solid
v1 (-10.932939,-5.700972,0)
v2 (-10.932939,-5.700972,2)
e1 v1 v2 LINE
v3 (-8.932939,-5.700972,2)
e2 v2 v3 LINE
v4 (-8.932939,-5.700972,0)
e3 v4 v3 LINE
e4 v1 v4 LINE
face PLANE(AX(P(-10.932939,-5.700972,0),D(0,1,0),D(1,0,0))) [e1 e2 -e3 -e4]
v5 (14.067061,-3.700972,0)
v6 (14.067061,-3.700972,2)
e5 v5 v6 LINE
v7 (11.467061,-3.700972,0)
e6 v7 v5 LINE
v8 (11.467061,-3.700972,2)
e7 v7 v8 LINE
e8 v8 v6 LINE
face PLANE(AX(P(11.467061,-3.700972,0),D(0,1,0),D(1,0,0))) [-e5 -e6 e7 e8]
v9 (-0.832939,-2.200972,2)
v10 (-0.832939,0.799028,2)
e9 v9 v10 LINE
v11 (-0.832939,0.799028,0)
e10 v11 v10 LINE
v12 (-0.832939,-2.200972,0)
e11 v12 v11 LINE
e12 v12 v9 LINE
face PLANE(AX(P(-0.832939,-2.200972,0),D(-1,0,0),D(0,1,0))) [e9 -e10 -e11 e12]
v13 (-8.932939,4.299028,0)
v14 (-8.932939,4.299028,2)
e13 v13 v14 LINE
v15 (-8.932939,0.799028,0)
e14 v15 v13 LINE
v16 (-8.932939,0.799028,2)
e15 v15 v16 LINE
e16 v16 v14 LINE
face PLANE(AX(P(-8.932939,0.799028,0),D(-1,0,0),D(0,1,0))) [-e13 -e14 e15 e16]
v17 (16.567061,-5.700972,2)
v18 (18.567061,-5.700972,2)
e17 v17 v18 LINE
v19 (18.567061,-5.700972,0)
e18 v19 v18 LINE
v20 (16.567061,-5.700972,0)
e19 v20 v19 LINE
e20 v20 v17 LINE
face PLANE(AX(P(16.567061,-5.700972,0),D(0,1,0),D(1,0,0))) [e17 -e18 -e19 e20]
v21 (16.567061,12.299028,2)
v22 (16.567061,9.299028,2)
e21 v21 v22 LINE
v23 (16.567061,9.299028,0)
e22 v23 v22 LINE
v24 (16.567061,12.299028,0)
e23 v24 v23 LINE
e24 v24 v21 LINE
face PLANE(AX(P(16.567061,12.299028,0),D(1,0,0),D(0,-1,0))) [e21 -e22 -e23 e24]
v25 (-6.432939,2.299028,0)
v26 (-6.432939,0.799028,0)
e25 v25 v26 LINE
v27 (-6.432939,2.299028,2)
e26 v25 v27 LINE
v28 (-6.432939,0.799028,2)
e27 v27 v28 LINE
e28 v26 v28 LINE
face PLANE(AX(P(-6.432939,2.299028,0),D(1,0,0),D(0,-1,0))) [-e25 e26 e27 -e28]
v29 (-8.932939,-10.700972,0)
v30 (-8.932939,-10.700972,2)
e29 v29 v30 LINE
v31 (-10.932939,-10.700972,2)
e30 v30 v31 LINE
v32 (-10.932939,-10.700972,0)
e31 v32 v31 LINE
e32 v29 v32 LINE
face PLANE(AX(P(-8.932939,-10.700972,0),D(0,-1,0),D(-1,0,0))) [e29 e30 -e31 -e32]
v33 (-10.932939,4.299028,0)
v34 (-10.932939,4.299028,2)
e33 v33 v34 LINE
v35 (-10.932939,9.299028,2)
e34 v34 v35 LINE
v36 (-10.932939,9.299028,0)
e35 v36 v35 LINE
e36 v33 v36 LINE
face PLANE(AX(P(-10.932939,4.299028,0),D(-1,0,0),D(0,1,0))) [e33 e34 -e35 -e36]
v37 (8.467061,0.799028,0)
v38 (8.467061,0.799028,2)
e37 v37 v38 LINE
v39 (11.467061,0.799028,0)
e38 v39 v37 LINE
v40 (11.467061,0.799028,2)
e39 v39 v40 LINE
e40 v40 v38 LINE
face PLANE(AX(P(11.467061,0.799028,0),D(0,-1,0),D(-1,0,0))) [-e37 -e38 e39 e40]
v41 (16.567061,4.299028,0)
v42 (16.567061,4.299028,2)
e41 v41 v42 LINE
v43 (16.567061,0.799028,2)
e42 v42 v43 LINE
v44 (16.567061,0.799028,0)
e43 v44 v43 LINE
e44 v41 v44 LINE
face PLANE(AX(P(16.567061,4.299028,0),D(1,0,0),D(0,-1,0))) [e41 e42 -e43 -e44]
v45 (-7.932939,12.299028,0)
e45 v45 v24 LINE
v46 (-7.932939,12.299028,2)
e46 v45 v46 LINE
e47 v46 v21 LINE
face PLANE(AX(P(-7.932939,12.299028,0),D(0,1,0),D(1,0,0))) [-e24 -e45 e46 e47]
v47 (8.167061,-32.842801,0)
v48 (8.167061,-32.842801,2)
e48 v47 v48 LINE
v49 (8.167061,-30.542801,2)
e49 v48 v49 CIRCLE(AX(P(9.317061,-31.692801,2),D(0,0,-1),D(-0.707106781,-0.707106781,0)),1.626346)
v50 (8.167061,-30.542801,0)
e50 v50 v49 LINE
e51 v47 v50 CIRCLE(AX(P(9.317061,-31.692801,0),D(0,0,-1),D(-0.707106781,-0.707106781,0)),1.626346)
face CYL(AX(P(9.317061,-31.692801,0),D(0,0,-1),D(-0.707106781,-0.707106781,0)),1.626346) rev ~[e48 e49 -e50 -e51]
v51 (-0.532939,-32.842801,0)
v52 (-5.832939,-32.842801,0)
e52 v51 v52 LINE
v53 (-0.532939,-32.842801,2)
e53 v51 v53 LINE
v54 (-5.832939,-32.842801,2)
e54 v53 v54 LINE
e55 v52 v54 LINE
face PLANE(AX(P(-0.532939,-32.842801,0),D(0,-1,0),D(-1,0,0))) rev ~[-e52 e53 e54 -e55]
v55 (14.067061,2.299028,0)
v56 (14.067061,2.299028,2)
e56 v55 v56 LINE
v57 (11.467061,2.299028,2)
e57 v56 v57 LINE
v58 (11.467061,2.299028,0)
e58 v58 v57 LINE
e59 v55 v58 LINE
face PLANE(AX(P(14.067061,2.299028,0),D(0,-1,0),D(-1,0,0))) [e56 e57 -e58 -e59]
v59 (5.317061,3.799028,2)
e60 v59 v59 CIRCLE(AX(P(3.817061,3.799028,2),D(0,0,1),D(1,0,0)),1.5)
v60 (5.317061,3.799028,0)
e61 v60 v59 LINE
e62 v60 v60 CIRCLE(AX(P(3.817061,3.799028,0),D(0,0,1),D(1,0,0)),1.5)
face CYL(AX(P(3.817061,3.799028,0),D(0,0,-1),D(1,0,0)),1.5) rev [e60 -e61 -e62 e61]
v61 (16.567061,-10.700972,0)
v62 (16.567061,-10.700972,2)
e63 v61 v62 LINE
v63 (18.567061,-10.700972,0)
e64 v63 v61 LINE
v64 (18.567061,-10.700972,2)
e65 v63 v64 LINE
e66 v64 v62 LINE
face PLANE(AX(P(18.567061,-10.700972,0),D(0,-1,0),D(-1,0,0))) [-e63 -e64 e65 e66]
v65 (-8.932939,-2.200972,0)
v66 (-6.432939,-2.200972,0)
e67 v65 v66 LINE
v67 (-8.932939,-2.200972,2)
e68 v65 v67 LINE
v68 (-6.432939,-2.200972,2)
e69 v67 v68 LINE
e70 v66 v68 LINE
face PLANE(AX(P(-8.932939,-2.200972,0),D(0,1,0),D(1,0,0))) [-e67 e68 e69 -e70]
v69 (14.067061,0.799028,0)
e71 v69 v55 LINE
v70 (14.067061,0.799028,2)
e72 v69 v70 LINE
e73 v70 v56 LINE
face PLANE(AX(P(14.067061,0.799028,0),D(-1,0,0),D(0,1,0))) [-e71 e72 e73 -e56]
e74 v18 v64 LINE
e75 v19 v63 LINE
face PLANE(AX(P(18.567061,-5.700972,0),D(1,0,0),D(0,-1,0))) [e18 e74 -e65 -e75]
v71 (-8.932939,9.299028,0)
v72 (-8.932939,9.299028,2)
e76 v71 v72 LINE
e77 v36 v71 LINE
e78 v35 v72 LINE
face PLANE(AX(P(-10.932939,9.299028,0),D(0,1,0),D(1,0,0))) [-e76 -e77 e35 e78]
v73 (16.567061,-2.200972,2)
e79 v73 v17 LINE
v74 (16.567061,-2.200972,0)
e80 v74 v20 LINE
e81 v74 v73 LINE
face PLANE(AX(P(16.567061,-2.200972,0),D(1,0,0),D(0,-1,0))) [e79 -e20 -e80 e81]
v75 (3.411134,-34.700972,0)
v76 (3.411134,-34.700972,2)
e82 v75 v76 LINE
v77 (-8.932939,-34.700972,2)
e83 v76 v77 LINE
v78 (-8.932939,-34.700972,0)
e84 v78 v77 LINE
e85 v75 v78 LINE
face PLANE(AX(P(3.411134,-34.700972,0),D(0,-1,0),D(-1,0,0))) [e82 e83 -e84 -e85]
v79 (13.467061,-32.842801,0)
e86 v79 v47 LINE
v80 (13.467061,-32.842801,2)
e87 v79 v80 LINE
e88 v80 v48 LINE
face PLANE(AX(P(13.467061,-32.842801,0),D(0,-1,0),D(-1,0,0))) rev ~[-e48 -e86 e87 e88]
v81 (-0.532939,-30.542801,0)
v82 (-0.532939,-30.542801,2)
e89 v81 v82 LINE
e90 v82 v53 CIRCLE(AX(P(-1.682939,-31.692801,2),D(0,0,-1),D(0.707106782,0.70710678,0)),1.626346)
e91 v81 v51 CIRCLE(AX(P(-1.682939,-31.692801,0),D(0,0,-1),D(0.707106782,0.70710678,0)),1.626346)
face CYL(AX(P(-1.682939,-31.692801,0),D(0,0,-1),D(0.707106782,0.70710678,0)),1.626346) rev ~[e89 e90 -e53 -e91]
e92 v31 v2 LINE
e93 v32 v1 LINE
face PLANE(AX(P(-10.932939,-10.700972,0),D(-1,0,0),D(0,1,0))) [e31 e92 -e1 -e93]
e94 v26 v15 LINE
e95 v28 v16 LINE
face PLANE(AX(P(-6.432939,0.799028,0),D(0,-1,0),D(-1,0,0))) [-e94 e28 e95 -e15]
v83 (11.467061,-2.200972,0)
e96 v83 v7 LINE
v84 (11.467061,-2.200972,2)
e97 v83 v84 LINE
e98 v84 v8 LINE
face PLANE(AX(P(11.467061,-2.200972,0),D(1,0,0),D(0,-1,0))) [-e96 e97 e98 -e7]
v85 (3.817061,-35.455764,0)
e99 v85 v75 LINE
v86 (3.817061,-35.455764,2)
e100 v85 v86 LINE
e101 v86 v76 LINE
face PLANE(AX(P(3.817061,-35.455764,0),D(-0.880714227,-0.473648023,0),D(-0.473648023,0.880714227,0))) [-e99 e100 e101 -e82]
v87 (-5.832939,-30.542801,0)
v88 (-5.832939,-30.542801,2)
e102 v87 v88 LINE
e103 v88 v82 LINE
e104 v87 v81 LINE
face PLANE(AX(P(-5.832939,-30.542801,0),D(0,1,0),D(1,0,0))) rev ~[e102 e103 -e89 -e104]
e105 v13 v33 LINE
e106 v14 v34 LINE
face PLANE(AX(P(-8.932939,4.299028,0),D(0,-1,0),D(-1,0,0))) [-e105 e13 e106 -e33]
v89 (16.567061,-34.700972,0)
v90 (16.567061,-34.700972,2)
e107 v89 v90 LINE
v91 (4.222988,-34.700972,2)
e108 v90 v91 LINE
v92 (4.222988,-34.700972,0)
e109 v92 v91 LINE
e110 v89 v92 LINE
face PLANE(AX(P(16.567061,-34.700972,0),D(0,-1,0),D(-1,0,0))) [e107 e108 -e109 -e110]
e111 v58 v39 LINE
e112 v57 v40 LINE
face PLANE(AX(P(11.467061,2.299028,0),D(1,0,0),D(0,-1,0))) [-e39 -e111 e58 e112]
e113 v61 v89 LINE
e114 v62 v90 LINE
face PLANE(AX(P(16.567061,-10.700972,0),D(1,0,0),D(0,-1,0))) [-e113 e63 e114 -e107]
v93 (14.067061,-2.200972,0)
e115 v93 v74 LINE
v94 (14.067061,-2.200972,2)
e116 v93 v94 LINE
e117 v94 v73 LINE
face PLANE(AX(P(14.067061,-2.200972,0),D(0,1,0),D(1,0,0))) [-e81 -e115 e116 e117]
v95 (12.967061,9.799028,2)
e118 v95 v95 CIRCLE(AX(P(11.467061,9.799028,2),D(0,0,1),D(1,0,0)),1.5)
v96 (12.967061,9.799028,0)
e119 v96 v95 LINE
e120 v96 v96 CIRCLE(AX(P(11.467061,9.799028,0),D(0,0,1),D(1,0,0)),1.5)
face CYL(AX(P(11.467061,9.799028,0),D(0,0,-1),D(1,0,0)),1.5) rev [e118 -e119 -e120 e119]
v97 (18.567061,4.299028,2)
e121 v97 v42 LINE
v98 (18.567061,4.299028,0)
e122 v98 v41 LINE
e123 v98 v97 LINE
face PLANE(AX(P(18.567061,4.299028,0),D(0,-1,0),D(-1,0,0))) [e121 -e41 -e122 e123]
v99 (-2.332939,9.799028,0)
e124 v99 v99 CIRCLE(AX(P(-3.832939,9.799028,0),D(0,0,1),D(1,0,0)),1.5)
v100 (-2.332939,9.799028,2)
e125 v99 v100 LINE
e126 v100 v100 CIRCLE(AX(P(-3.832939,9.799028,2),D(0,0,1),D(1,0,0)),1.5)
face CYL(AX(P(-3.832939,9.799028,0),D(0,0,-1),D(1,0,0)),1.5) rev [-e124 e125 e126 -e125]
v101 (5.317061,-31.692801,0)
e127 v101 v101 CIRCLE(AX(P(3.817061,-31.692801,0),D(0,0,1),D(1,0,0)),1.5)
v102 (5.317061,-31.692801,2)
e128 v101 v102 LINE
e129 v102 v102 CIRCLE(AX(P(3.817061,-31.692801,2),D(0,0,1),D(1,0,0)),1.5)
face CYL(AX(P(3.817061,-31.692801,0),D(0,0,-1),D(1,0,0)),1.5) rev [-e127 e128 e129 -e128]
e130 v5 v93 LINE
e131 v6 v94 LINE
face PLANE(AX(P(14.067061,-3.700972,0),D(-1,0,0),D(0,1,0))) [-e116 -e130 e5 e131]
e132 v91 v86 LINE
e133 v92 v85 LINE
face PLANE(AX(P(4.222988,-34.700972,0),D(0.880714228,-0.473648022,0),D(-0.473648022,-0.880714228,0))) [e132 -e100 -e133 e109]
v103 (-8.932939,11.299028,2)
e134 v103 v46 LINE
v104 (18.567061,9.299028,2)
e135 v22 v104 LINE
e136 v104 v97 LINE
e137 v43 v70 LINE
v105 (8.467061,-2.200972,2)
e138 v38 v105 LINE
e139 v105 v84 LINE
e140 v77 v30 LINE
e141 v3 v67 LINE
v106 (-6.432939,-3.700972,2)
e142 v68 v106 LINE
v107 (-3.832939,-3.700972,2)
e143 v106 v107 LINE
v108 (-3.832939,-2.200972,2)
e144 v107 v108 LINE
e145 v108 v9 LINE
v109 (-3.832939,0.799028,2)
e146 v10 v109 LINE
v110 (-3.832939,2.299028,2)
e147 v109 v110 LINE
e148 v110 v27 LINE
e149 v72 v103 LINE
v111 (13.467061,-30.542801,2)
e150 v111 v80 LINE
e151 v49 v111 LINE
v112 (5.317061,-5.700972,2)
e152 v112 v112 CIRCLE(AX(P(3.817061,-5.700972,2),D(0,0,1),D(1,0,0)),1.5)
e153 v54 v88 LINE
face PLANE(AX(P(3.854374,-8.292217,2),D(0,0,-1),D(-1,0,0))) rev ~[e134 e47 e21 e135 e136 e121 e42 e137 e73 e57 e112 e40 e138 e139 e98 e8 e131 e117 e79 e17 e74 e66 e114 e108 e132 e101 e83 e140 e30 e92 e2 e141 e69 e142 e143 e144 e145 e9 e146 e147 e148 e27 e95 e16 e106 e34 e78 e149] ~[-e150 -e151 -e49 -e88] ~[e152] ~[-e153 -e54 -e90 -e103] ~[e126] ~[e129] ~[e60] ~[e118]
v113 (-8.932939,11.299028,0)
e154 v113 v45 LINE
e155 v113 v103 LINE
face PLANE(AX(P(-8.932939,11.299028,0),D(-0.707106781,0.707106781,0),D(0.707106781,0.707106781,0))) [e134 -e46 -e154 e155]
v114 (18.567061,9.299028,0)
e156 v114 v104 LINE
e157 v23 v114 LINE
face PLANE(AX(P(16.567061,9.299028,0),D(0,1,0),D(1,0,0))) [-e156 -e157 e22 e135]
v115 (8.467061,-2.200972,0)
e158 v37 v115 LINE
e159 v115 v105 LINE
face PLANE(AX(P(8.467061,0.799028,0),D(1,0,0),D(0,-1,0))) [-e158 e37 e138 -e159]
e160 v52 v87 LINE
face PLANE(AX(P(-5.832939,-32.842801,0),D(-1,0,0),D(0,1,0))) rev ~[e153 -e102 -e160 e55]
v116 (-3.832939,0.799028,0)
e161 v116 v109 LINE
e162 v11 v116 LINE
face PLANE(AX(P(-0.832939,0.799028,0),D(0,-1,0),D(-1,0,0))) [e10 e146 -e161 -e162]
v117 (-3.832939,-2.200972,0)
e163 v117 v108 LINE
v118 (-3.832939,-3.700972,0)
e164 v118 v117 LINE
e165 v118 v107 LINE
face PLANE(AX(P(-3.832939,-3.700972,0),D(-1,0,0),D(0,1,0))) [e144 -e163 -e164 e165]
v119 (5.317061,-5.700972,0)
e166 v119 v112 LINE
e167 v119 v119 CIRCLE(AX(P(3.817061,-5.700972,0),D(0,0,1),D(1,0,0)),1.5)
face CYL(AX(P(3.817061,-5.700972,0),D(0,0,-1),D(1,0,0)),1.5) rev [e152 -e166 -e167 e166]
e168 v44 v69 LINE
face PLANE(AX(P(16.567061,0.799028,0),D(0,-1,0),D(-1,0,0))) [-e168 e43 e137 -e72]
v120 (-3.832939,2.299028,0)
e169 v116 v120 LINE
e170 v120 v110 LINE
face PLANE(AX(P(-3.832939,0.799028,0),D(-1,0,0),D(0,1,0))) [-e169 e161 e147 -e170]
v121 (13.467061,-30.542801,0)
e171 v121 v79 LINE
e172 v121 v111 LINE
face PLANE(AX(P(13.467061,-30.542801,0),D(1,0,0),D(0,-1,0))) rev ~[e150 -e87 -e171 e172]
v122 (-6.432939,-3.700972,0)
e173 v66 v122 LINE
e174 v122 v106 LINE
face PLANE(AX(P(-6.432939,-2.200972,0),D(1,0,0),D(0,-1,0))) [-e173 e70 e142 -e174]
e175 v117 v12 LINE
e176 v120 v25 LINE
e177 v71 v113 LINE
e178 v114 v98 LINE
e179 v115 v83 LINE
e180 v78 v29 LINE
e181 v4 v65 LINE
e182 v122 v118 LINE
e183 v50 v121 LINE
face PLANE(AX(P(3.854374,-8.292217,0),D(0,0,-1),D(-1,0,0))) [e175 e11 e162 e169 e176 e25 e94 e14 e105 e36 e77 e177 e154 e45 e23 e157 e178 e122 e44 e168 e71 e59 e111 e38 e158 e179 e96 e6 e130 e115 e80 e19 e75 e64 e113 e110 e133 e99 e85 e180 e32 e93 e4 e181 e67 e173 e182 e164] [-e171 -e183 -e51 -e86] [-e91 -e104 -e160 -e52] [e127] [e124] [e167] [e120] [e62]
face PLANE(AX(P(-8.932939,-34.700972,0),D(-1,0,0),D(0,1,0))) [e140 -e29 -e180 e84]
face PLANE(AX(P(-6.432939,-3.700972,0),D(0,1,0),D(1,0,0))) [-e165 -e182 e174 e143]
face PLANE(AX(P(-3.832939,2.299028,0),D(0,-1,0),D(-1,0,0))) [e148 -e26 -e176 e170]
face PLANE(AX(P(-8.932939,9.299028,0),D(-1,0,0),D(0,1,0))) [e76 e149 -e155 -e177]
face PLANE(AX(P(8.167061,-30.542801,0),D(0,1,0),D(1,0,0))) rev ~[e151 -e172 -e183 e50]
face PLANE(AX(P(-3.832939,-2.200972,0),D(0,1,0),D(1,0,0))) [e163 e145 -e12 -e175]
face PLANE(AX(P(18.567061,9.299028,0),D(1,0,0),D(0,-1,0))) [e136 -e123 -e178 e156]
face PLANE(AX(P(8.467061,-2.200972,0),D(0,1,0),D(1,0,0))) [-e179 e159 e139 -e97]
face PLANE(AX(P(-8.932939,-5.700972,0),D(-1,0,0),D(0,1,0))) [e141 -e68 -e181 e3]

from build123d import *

# Parameters (mm, degrees)
SKETCH_1_R      = 1.5
EXTRUDE_1_DEPTH = 2


with BuildPart() as part:
    # 草图1 → 凸台-拉伸1 (new body)
    with BuildSketch(Plane.XY):
        Polygon((-8.932938962, -10.700971973), (-10.932938962, -10.700971973), (-10.932938962, -5.700971973), (-8.932938962, -5.700971973), (-8.932938962, -2.200971973), (-6.432938962, -2.200971973), (-6.432938962, -3.700971973), (-3.832938962, -3.700971973), (-3.832938962, -2.200971973), (-0.832938962, -2.200971973), (-0.832938962, 0.799028027), (-3.832938962, 0.799028027), (-3.832938962, 2.299028027), (-6.432938962, 2.299028027), (-6.432938962, 0.799028027), (-8.932938962, 0.799028027), (-8.932938962, 4.299028027), (-10.932938962, 4.299028027), (-10.932938962, 9.299028027), (-8.932938962, 9.299028027), (-8.932938962, 11.299028027), (-7.932938962, 12.299028027), (16.567061038, 12.299028027), (16.567061038, 9.299028027), (18.567061038, 9.299028027), (18.567061038, 4.299028027), (16.567061038, 4.299028027), (16.567061038, 0.799028027), (14.067061038, 0.799028027), (14.067061038, 2.299028027), (11.467061038, 2.299028027), (11.467061038, 0.799028027), (8.467061038, 0.799028027), (8.467061038, -2.200971973), (11.467061038, -2.200971973), (11.467061038, -3.700971973), (14.067061038, -3.700971973), (14.067061038, -2.200971973), (16.567061038, -2.200971973), (16.567061038, -5.700971973), (18.567061038, -5.700971973), (18.567061038, -10.700971973), (16.567061038, -10.700971973), (16.567061038, -34.700971973), (4.222987954, -34.700971973), (3.817061038, -35.455763704), (3.411134121, -34.700971973), (-8.932938962, -34.700971973), align=None)
        with Locations((3.817061038, -5.700971973)):
            Circle(SKETCH_1_R, mode=Mode.SUBTRACT)
        with Locations((3.817061038, 3.799028027)):
            Circle(SKETCH_1_R, mode=Mode.SUBTRACT)
        with Locations((3.817061038, -31.692801434)):
            Circle(SKETCH_1_R, mode=Mode.SUBTRACT)
        with Locations((-3.832938962, 9.799028027)):
            Circle(SKETCH_1_R, mode=Mode.SUBTRACT)
        with Locations((11.467061038, 9.799028027)):
            Circle(SKETCH_1_R, mode=Mode.SUBTRACT)
        with BuildLine():
            Line((13.467061038, -32.842801434), (8.167061038, -32.842801434))
            ThreePointArc((8.167061038, -32.842801434), (7.690715441, -31.692801434), (8.167061038, -30.542801434))
            Line((8.167061038, -30.542801434), (13.467061038, -30.542801434))
            Line((13.467061038, -30.542801434), (13.467061038, -32.842801434))
        make_face(mode=Mode.SUBTRACT)
        with BuildLine():
            Line((-5.832938962, -30.542801434), (-0.532938962, -30.542801434))
            ThreePointArc((-0.532938962, -30.542801434), (-0.056593366, -31.692801434), (-0.532938962, -32.842801434))
            Line((-0.532938962, -32.842801434), (-5.832938962, -32.842801434))
            Line((-5.832938962, -32.842801434), (-5.832938962, -30.542801434))
        make_face(mode=Mode.SUBTRACT)
    extrude(amount=EXTRUDE_1_DEPTH)


solid = part.part
